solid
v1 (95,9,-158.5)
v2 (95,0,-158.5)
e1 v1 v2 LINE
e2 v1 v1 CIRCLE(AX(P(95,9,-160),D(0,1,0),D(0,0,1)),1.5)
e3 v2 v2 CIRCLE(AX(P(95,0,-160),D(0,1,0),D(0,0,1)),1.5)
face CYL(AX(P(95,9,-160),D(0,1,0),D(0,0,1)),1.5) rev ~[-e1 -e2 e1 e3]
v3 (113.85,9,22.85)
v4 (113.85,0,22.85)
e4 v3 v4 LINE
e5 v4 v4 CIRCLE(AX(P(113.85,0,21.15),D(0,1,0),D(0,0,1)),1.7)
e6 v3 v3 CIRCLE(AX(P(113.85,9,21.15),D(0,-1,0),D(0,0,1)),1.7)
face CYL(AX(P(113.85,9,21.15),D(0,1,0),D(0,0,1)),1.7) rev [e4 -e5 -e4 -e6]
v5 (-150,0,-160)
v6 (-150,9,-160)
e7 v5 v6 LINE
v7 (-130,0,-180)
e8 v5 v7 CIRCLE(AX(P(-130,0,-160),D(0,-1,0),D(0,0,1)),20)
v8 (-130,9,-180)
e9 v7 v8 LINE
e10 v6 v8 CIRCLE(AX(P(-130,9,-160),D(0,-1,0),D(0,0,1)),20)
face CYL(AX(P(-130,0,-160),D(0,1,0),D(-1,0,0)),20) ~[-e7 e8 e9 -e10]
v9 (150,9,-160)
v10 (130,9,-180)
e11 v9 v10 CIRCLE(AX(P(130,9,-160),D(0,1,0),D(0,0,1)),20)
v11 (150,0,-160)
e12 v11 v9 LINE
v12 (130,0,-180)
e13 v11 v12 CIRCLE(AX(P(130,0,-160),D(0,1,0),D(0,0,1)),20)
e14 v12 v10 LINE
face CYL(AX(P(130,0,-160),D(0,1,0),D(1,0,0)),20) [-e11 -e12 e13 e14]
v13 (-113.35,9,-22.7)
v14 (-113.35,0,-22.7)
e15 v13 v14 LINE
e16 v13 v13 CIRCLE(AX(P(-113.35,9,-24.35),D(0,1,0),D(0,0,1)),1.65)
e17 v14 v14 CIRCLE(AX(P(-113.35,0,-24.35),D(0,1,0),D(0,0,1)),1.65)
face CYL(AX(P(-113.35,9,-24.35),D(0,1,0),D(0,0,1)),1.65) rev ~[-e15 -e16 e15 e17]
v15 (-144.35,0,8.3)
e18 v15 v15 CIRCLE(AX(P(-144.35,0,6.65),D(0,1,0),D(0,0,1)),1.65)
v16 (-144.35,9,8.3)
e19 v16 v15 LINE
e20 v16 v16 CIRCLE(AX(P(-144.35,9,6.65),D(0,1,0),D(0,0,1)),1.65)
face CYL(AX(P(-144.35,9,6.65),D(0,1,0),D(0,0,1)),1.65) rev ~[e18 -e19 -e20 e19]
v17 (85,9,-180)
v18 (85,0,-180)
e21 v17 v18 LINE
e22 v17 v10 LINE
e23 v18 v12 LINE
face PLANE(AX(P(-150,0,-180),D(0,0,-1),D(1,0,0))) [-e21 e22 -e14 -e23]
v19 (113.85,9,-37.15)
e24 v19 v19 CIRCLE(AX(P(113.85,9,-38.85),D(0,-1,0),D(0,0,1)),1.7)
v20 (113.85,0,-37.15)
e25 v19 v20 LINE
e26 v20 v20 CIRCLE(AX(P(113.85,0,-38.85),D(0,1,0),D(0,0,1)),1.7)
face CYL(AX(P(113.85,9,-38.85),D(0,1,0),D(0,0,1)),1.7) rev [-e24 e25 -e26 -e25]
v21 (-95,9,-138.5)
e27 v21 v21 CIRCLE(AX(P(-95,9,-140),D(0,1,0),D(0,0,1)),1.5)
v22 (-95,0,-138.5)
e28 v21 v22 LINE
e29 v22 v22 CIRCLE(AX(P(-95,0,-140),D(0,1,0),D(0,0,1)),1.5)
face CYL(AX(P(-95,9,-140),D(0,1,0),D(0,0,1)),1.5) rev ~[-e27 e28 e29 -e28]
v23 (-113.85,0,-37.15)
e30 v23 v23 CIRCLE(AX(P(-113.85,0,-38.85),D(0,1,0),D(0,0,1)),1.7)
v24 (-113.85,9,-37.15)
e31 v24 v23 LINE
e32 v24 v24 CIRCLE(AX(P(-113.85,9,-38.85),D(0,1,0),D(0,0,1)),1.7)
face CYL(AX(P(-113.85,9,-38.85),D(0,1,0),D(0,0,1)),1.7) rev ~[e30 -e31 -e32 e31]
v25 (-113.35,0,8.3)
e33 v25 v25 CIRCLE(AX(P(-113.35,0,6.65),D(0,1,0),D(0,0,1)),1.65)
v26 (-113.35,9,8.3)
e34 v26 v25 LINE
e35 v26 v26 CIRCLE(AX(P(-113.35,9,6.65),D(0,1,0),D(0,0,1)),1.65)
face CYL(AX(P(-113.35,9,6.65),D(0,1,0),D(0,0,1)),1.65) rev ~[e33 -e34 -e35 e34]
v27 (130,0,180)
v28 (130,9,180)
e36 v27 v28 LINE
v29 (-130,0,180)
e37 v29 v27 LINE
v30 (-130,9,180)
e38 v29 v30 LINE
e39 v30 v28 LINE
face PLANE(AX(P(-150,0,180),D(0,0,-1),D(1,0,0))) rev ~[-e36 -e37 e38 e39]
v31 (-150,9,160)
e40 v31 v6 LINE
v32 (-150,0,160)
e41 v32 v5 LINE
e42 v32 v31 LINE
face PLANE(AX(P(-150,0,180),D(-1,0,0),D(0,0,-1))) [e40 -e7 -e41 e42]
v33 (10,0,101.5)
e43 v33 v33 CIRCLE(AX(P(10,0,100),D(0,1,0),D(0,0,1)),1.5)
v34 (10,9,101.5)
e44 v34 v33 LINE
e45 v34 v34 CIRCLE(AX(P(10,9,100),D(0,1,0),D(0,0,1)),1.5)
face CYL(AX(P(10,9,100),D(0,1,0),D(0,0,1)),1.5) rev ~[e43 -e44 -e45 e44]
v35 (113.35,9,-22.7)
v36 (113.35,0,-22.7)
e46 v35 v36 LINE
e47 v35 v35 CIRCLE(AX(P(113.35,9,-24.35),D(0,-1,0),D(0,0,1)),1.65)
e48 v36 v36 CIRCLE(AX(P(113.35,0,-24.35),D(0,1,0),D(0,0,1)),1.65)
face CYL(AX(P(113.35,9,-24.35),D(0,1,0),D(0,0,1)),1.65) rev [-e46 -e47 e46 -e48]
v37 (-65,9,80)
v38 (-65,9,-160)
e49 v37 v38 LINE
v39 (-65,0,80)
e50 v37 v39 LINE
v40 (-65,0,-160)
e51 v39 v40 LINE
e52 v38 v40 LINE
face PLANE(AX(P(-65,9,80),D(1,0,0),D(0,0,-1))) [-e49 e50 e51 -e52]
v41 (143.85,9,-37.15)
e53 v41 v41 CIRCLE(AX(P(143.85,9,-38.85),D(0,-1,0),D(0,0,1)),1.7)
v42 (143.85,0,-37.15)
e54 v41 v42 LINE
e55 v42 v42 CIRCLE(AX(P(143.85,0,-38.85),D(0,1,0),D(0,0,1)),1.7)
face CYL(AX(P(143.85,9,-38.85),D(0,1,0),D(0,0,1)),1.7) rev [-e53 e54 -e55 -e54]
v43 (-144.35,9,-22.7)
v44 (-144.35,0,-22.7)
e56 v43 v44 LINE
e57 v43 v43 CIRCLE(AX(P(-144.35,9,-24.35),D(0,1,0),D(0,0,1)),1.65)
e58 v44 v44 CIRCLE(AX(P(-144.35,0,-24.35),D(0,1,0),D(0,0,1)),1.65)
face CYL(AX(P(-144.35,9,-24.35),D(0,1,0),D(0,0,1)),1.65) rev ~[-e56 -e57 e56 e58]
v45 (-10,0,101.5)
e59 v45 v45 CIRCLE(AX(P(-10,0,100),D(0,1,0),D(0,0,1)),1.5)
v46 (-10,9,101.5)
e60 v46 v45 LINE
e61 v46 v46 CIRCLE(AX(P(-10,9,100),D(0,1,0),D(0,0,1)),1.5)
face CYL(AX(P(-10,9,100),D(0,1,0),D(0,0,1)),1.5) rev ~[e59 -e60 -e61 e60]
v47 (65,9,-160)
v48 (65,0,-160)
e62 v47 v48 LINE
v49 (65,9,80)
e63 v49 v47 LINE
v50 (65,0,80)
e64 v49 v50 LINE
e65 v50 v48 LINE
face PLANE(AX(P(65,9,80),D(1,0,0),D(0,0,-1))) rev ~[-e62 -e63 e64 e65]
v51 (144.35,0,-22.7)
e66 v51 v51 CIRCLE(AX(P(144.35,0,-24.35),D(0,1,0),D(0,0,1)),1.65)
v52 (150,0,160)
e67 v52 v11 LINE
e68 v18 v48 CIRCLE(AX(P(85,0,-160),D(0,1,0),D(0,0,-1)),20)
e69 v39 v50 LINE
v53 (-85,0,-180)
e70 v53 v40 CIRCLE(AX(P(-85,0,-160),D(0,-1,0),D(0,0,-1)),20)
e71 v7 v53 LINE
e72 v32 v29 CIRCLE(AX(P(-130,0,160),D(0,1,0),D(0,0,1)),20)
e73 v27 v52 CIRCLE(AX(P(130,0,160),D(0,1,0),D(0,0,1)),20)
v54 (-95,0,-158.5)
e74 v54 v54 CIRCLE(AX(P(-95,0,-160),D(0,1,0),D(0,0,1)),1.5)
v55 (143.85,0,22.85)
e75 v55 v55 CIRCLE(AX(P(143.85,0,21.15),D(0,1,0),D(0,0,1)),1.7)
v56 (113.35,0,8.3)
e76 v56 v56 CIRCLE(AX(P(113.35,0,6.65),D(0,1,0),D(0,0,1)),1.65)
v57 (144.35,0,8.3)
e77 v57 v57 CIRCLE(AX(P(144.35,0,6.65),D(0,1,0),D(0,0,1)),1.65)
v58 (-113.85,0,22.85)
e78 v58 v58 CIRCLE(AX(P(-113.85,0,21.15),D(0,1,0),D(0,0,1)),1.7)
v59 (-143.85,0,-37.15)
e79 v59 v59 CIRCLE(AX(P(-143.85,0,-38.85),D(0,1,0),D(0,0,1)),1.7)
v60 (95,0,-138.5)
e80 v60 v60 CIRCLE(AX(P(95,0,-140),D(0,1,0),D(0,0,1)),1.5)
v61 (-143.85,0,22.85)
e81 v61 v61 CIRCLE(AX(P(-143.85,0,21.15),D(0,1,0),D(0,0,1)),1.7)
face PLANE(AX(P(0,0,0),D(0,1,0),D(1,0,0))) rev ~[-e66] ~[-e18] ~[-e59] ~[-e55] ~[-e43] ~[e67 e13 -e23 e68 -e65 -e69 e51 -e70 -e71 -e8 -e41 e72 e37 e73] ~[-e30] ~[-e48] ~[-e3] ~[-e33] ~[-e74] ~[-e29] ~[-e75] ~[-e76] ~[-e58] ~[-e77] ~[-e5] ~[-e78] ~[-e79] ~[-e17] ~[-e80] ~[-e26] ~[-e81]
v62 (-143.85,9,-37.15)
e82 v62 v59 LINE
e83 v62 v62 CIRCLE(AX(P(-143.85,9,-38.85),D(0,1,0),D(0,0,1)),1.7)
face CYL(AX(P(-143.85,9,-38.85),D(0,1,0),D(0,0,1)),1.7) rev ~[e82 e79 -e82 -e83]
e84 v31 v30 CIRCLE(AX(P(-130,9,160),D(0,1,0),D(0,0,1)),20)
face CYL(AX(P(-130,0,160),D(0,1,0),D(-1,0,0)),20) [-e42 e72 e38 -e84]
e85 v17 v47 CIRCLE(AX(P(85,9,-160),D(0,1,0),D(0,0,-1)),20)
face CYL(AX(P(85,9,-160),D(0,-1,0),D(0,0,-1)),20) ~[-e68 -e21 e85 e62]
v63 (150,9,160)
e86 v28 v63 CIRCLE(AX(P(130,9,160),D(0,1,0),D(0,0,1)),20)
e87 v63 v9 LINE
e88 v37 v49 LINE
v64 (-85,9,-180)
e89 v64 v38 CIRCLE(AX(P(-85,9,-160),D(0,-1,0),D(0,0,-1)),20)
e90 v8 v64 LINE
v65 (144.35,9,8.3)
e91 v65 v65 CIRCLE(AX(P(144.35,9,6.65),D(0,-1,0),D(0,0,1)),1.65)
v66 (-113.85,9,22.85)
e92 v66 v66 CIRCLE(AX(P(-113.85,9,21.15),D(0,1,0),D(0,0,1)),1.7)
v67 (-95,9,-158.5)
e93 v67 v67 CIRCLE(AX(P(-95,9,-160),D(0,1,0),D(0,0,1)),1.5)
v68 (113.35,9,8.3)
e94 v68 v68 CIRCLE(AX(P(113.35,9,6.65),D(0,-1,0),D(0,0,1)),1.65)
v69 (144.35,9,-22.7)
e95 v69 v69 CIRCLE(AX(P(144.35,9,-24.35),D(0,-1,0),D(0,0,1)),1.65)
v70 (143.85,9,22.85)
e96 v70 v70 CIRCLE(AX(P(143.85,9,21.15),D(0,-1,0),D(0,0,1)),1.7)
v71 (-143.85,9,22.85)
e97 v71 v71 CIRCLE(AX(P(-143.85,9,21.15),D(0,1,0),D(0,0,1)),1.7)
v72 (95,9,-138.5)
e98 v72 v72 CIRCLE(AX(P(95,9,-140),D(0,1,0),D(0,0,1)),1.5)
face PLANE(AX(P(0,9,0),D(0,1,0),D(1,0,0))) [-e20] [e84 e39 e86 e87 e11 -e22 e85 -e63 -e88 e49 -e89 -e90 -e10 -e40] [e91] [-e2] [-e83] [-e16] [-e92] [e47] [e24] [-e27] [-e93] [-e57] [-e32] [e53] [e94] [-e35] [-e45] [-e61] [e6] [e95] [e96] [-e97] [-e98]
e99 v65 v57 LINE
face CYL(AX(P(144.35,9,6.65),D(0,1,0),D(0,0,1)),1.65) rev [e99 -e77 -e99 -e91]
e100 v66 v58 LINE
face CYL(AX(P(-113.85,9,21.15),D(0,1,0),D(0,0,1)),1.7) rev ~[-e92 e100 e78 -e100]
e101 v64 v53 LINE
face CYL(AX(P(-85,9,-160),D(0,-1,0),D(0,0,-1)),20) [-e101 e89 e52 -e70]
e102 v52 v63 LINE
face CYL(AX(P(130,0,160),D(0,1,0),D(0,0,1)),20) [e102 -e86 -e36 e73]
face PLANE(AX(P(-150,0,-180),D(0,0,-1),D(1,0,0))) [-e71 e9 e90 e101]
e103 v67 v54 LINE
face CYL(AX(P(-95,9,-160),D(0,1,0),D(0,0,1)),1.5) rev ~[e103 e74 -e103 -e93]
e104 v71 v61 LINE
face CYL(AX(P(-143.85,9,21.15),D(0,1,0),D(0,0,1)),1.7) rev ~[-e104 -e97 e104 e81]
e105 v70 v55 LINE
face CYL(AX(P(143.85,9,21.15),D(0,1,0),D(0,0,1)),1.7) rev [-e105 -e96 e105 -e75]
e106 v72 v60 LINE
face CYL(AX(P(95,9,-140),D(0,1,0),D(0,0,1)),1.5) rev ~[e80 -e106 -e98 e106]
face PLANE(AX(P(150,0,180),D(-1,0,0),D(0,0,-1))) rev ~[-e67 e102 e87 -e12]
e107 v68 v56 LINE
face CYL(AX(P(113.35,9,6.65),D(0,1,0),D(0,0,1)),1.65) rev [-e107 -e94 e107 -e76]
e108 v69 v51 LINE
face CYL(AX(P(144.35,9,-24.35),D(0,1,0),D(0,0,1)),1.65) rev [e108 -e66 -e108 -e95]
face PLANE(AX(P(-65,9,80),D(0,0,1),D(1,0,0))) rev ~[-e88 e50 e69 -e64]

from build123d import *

# Parameters (mm, degrees)
SKETCH_1_W          = 300
SKETCH_1_H          = 360
EXTRUDE_1_DEPTH     = 9
SKETCH_2_W          = 130
SKETCH_2_H          = 260
CUT_EXTRUDE_1_DEPTH = 9
SKETCH_3_R          = 1.5
CUT_EXTRUDE_2_DEPTH = 10
FILLET_1_R          = 20
SKETCH_5_R          = 1.65
SKETCH_5_R_2        = 1.7
CUT_EXTRUDE_4_DEPTH = 10


with BuildPart() as part:
    # 草图1 → 凸台-拉伸1 (new body)
    with BuildSketch(Plane(origin=(0, 0, 0), x_dir=(1, 0, 0), z_dir=(0, 1, 0))):
        Rectangle(SKETCH_1_W, SKETCH_1_H)
    extrude(amount=EXTRUDE_1_DEPTH)

    # 草图2 → 切除-拉伸1 (cut)
    with BuildSketch(Plane(origin=(0, 9, 0), x_dir=(1, 0, 0), z_dir=(0, 1, 0))):
        with Locations((0, 50)):
            Rectangle(SKETCH_2_W, SKETCH_2_H)
    extrude(amount=-CUT_EXTRUDE_1_DEPTH, mode=Mode.SUBTRACT)

    # 草图3 → 切除-拉伸2 (cut)
    with BuildSketch(Plane(origin=(0, 9, 0), x_dir=(1, 0, 0), z_dir=(0, 1, 0))):
        with Locations(Location((-95, 160, 0), (0, 0, 270))):
            Circle(SKETCH_3_R)
        with Locations(Location((-95, 140, 0), (0, 0, 270))):
            Circle(SKETCH_3_R)
        with Locations(Location((95, 140, 0), (0, 0, 270))):
            Circle(SKETCH_3_R)
        with Locations(Location((95, 160, 0), (0, 0, 270))):
            Circle(SKETCH_3_R)
        with Locations(Location((-10, -100, 0), (0, 0, 270))):
            Circle(SKETCH_3_R)
        with Locations(Location((10, -100, 0), (0, 0, 270))):
            Circle(SKETCH_3_R)
    extrude(amount=-CUT_EXTRUDE_2_DEPTH, mode=Mode.SUBTRACT)

    # 圆角1
    fillet_1_edges = [part.edges().sort_by_distance(p)[0] for p in [
        (65, 4.5, -180),
        (-65, 4.5, -180),
        (150, 4.5, 180),
        (-150, 4.5, 180),
        (-150, 4.5, -180),
        (150, 4.5, -180),
    ]]
    fillet(fillet_1_edges, radius=FILLET_1_R)

    # 草图5 → 切除-拉伸4 (cut)
    with BuildSketch(Plane(origin=(0, 9, 0), x_dir=(1, 0, 0), z_dir=(0, 1, 0))):
        with Locations(Location((-113.35, 24.35, 0), (0, 0, 270))):
            Circle(SKETCH_5_R)
        with Locations(Location((-144.35, 24.35, 0), (0, 0, 270))):
            Circle(SKETCH_5_R)
        with Locations(Location((-143.85, 38.85, 0), (0, 0, 270))):
            Circle(SKETCH_5_R_2)
        with Locations(Location((-113.85, 38.85, 0), (0, 0, 270))):
            Circle(SKETCH_5_R_2)
        with Locations(Location((-144.35, -6.65, 0), (0, 0, 270))):
            Circle(SKETCH_5_R)
        with Locations(Location((-143.85, -21.15, 0), (0, 0, 270))):
            Circle(SKETCH_5_R_2)
        with Locations(Location((-113.85, -21.15, 0), (0, 0, 270))):
            Circle(SKETCH_5_R_2)
        with Locations(Location((-113.35, -6.65, 0), (0, 0, 270))):
            Circle(SKETCH_5_R)
    cut_extrude_4 = extrude(amount=-CUT_EXTRUDE_4_DEPTH, mode=Mode.SUBTRACT)

    # 镜向2: 切除-拉伸4 across plane
    add(cut_extrude_4.mirror(Plane(origin=(0, 0, 0), x_dir=(0, 0, 1), z_dir=(1, 0, 0))), mode=Mode.SUBTRACT)


solid = part.part
